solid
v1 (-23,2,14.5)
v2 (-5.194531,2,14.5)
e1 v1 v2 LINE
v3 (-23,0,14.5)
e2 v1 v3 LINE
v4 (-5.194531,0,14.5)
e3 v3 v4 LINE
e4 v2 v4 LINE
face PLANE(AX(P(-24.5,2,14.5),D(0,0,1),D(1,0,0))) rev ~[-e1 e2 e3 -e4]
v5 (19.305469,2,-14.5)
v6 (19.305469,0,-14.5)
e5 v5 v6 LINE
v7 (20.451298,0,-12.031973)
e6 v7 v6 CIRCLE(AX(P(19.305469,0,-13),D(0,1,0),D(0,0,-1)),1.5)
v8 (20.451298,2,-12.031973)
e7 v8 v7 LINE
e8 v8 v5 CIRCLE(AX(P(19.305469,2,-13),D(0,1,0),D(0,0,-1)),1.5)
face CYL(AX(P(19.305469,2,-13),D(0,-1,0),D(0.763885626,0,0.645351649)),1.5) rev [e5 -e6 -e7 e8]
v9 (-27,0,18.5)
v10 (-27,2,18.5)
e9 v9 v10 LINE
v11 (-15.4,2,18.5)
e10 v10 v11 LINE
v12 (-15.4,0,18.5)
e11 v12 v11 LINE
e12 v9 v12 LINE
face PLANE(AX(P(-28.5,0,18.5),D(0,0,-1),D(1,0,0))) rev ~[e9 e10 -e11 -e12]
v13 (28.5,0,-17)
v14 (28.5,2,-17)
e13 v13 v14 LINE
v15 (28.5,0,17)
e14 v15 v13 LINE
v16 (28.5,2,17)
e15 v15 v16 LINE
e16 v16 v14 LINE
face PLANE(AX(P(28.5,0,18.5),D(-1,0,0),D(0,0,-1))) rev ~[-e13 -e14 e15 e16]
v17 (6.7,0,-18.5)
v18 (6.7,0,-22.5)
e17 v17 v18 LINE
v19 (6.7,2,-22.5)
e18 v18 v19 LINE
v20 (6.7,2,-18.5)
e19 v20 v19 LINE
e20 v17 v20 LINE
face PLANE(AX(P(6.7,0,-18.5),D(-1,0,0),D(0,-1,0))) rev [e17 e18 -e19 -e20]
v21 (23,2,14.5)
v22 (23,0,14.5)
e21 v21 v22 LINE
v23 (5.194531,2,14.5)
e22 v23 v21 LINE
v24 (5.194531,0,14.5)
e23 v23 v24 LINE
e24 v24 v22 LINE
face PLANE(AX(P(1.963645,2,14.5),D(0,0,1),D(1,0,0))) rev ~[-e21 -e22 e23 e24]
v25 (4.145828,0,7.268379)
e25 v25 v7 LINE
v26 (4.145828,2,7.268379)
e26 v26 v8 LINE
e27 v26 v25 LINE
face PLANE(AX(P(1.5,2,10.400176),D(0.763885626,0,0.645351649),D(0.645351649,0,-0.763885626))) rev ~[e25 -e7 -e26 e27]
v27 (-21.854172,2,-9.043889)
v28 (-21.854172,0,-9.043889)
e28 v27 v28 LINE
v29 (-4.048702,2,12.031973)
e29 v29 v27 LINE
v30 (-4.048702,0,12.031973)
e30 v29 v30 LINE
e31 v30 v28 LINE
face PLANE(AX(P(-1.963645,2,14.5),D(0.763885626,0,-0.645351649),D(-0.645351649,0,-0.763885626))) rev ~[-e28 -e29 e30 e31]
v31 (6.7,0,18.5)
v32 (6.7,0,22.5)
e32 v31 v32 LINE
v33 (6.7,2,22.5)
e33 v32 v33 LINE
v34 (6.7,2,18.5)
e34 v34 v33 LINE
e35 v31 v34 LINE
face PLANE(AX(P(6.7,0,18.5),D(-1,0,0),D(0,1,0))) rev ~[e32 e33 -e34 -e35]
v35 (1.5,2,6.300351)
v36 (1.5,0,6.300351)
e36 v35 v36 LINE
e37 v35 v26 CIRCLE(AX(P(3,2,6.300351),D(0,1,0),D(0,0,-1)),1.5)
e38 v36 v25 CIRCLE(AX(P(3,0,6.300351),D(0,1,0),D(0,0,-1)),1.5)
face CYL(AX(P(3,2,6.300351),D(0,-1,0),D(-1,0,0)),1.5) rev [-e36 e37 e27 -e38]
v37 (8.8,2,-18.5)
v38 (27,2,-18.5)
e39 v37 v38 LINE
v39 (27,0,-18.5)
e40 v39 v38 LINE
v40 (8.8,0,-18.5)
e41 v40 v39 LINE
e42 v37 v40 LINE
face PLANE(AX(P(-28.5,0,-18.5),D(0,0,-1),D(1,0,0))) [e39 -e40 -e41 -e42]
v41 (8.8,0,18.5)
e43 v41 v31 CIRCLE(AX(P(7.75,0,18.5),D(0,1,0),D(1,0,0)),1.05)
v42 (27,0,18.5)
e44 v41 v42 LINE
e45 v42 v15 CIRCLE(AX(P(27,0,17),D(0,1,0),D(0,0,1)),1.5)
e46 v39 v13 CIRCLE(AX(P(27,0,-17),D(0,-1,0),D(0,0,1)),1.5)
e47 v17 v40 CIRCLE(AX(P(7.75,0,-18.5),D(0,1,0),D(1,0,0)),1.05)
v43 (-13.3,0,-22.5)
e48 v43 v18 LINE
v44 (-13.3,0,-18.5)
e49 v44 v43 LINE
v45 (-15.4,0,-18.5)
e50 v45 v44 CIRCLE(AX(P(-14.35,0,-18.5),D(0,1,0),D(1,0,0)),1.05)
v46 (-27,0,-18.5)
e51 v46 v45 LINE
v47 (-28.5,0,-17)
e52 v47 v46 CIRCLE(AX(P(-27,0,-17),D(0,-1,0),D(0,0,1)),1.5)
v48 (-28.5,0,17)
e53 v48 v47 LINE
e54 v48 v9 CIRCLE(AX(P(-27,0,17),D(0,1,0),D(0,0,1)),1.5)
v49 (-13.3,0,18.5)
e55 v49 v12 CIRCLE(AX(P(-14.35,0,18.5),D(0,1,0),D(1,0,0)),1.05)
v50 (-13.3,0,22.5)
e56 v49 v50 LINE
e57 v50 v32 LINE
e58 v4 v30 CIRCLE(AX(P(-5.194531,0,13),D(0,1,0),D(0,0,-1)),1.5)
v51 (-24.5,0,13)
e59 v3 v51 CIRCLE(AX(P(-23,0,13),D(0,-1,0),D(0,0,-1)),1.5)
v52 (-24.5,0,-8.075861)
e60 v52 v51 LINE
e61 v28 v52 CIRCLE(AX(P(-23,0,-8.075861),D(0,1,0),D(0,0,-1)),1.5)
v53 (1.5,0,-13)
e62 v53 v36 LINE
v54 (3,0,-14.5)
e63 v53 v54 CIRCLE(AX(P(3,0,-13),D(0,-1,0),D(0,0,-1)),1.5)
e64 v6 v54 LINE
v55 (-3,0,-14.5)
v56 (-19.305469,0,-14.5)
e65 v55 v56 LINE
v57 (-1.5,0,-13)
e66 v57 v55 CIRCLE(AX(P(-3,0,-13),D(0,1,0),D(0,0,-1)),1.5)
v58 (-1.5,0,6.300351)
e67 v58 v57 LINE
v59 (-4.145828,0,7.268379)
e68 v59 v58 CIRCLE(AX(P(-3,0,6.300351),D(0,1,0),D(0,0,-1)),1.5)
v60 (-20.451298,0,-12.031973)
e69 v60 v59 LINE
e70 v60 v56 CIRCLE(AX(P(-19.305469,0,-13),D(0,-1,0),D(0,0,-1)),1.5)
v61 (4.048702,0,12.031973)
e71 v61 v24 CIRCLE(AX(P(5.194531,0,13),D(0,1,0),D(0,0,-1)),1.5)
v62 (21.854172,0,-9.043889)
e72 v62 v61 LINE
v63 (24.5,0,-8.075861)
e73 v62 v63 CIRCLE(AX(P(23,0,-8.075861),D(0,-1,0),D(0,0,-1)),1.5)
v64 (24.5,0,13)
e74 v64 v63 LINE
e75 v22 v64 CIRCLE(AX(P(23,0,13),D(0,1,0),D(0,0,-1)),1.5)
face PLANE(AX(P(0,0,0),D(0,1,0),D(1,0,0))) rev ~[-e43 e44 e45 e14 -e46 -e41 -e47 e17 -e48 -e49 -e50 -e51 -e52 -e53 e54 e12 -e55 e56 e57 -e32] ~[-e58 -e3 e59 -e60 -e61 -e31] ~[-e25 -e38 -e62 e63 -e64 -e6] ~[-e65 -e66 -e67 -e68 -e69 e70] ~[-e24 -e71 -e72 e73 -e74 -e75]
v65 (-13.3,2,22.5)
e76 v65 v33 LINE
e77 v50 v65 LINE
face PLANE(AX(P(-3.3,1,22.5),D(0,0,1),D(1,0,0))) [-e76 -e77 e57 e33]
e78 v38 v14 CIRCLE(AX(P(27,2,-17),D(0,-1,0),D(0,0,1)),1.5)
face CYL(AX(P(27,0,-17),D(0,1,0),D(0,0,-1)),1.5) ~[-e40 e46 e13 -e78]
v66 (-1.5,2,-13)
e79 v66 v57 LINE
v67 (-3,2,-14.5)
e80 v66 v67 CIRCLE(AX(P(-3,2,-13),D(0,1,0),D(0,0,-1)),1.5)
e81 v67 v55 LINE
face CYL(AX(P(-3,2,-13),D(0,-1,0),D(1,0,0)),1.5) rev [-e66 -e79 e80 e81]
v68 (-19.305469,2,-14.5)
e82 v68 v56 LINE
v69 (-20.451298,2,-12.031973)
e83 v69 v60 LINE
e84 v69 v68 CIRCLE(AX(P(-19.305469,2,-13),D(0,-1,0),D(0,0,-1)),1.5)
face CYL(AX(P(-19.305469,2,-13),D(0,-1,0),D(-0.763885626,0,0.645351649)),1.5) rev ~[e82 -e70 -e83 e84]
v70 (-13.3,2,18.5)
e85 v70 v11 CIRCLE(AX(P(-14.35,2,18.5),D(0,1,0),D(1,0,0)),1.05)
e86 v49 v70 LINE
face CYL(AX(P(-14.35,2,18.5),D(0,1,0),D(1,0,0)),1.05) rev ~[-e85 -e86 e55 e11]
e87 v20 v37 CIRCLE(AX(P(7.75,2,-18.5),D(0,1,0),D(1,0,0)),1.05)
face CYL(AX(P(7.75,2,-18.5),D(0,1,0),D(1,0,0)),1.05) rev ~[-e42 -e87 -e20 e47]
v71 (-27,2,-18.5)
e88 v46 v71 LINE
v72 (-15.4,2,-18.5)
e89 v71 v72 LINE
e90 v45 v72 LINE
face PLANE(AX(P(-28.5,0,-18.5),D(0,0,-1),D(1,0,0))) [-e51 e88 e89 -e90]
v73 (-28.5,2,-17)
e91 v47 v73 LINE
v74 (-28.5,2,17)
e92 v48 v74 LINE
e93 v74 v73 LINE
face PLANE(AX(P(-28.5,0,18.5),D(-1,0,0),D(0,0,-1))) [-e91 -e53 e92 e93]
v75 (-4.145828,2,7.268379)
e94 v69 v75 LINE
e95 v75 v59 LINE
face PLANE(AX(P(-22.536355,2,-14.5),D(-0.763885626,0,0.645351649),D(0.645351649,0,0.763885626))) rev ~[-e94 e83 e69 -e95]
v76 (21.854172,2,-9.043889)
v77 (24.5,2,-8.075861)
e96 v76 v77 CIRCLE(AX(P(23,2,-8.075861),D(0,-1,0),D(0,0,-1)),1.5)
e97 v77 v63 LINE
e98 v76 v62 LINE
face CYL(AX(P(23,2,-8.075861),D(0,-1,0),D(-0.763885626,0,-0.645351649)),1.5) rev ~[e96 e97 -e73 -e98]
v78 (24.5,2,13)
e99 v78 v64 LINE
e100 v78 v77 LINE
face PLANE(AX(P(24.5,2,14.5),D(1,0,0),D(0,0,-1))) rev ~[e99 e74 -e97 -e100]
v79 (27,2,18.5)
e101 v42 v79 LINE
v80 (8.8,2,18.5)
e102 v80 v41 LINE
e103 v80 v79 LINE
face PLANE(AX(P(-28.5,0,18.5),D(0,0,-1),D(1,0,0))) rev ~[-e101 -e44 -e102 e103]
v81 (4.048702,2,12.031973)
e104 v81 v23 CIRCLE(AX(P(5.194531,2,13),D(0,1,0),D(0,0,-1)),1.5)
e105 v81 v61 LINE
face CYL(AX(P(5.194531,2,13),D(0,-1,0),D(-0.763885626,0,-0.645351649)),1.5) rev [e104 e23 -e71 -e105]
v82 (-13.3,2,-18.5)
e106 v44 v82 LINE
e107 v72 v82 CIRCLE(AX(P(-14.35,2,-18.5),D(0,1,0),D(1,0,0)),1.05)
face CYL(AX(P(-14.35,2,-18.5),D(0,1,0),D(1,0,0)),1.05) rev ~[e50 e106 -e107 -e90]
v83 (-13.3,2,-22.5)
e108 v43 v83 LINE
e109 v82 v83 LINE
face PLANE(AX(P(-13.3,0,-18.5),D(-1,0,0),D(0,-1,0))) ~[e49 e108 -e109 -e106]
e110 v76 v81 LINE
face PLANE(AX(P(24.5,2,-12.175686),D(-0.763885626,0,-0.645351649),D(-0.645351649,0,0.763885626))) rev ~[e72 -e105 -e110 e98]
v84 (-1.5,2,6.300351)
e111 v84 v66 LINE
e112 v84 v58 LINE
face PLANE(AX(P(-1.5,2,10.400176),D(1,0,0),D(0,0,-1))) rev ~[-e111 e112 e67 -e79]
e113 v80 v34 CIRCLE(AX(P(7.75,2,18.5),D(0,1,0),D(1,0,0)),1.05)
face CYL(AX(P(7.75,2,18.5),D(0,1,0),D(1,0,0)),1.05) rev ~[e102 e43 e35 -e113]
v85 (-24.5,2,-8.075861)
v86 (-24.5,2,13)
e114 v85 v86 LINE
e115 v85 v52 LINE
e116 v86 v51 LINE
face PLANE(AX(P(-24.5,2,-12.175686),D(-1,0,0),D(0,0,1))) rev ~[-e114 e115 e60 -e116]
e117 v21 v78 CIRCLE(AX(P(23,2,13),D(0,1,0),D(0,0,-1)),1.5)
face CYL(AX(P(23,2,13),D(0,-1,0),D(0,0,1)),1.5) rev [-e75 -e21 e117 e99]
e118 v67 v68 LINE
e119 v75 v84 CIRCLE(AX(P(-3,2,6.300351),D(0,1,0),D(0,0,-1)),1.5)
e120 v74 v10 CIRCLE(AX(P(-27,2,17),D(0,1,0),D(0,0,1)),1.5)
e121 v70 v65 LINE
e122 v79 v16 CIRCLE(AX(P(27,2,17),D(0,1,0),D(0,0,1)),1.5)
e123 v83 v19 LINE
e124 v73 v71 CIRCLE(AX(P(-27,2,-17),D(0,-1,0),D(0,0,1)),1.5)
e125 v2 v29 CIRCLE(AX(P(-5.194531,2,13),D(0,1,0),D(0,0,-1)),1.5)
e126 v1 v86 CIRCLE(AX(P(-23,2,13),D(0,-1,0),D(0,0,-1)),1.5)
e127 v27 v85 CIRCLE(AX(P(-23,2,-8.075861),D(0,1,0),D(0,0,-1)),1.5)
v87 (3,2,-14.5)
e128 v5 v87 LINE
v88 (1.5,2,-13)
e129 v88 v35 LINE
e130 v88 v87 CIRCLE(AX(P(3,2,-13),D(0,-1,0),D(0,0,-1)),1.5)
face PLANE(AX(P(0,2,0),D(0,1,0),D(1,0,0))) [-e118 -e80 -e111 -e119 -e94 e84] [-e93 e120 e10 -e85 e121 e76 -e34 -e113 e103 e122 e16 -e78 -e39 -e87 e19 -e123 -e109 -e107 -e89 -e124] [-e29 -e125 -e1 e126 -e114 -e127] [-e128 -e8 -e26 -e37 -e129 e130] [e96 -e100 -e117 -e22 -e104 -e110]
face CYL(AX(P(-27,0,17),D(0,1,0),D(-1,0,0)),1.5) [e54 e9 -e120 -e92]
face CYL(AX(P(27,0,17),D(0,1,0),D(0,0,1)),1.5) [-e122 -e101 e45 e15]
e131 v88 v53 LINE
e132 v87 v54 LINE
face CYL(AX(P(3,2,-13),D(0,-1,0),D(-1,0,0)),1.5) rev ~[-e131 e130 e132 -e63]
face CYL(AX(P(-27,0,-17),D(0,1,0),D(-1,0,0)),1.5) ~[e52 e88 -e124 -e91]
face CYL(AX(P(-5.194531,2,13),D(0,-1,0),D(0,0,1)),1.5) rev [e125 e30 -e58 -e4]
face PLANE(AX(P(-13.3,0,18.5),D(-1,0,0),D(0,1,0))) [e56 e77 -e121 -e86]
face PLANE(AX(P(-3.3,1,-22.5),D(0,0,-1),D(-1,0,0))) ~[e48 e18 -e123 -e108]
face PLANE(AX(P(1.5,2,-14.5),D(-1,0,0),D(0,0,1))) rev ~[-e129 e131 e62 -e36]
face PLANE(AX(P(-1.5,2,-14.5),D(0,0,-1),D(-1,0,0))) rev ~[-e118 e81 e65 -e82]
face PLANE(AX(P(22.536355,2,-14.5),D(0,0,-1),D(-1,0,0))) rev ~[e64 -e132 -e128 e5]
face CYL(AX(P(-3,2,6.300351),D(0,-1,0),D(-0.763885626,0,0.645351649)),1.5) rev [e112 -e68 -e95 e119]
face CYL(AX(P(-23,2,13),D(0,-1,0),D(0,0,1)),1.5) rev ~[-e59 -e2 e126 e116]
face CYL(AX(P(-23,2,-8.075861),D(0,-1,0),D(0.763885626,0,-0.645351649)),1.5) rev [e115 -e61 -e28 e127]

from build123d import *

# Parameters (mm, degrees)
SKETCH_1_W          = 57
SKETCH_1_H          = 37
EXTRUDE_1_DEPTH     = 2
SKETCH_2_W          = 20
SKETCH_2_H          = 2
EXTRUDE_2_DEPTH     = 4
SKETCH_3_R          = 1.05
CUT_EXTRUDE_1_DEPTH = 4
CUT_EXTRUDE_2_DEPTH = 10
FILLET_1_R          = 1.5


with BuildPart() as part:
    # 草图1 → 凸台-拉伸1 (new body)
    with BuildSketch(Plane(origin=(0, 0, 0), x_dir=(1, 0, 0), z_dir=(0, 1, 0))):
        Rectangle(SKETCH_1_W, SKETCH_1_H)
    extrude(amount=EXTRUDE_1_DEPTH)

    # 草图2 → 凸台-拉伸2 (add)
    with BuildSketch(Plane.XY.offset(18.5)):
        with Locations((-3.3, 1)):
            Rectangle(SKETCH_2_W, SKETCH_2_H)
    extrude_2 = extrude(amount=EXTRUDE_2_DEPTH)

    # 镜向1: 凸台-拉伸2 across plane
    add(extrude_2.mirror(Plane.XY))

    # 草图3 → 切除-拉伸1 (cut)
    with BuildSketch(Plane(origin=(0, 2, 0), x_dir=(1, 0, 0), z_dir=(0, 1, 0))):
        with Locations((7.75, 18.5)):
            Circle(SKETCH_3_R)
        with Locations((-14.35, 18.5)):
            Circle(SKETCH_3_R)
        with Locations((-14.35, -18.5)):
            Circle(SKETCH_3_R)
        with Locations((7.75, -18.5)):
            Circle(SKETCH_3_R)
    extrude(amount=-CUT_EXTRUDE_1_DEPTH, mode=Mode.SUBTRACT)

    # 草图4 → 切除-拉伸2 (cut)
    with BuildSketch(Plane(origin=(0, 2, 0), x_dir=(1, 0, 0), z_dir=(0, 1, 0))):
        Polygon((-24.5, -14.5), (-1.963644752, -14.5), (-24.5, 12.175685803), align=None)
        Polygon((-22.536355248, 14.5), (-1.5, -10.400175599), (-1.5, 14.5), align=None)
        Polygon((1.5, 14.5), (1.5, -10.400175599), (22.536355248, 14.5), align=None)
        Polygon((24.5, 12.175685803), (1.963644752, -14.5), (24.5, -14.5), align=None)
    extrude(amount=-CUT_EXTRUDE_2_DEPTH, mode=Mode.SUBTRACT)

    # 圆角1
    fillet_1_edges = [part.edges().sort_by_distance(p)[0] for p in [
        (1.963644752, 1, 14.5),
        (24.5, 1, -12.175685803),
        (24.5, 1, 14.5),
        (-24.5, 1, -12.175685803),
        (-1.963644752, 1, 14.5),
        (-24.5, 1, 14.5),
        (28.5, 1, 18.5),
        (-28.5, 1, 18.5),
        (-28.5, 1, -18.5),
        (28.5, 1, -18.5),
        (-22.536355248, 1, -14.5),
        (-1.5, 1, -14.5),
        (-1.5, 1, 10.400175599),
        (1.5, 1, -14.5),
        (22.536355248, 1, -14.5),
        (1.5, 1, 10.400175599),
    ]]
    fillet(fillet_1_edges, radius=FILLET_1_R)


solid = part.part
